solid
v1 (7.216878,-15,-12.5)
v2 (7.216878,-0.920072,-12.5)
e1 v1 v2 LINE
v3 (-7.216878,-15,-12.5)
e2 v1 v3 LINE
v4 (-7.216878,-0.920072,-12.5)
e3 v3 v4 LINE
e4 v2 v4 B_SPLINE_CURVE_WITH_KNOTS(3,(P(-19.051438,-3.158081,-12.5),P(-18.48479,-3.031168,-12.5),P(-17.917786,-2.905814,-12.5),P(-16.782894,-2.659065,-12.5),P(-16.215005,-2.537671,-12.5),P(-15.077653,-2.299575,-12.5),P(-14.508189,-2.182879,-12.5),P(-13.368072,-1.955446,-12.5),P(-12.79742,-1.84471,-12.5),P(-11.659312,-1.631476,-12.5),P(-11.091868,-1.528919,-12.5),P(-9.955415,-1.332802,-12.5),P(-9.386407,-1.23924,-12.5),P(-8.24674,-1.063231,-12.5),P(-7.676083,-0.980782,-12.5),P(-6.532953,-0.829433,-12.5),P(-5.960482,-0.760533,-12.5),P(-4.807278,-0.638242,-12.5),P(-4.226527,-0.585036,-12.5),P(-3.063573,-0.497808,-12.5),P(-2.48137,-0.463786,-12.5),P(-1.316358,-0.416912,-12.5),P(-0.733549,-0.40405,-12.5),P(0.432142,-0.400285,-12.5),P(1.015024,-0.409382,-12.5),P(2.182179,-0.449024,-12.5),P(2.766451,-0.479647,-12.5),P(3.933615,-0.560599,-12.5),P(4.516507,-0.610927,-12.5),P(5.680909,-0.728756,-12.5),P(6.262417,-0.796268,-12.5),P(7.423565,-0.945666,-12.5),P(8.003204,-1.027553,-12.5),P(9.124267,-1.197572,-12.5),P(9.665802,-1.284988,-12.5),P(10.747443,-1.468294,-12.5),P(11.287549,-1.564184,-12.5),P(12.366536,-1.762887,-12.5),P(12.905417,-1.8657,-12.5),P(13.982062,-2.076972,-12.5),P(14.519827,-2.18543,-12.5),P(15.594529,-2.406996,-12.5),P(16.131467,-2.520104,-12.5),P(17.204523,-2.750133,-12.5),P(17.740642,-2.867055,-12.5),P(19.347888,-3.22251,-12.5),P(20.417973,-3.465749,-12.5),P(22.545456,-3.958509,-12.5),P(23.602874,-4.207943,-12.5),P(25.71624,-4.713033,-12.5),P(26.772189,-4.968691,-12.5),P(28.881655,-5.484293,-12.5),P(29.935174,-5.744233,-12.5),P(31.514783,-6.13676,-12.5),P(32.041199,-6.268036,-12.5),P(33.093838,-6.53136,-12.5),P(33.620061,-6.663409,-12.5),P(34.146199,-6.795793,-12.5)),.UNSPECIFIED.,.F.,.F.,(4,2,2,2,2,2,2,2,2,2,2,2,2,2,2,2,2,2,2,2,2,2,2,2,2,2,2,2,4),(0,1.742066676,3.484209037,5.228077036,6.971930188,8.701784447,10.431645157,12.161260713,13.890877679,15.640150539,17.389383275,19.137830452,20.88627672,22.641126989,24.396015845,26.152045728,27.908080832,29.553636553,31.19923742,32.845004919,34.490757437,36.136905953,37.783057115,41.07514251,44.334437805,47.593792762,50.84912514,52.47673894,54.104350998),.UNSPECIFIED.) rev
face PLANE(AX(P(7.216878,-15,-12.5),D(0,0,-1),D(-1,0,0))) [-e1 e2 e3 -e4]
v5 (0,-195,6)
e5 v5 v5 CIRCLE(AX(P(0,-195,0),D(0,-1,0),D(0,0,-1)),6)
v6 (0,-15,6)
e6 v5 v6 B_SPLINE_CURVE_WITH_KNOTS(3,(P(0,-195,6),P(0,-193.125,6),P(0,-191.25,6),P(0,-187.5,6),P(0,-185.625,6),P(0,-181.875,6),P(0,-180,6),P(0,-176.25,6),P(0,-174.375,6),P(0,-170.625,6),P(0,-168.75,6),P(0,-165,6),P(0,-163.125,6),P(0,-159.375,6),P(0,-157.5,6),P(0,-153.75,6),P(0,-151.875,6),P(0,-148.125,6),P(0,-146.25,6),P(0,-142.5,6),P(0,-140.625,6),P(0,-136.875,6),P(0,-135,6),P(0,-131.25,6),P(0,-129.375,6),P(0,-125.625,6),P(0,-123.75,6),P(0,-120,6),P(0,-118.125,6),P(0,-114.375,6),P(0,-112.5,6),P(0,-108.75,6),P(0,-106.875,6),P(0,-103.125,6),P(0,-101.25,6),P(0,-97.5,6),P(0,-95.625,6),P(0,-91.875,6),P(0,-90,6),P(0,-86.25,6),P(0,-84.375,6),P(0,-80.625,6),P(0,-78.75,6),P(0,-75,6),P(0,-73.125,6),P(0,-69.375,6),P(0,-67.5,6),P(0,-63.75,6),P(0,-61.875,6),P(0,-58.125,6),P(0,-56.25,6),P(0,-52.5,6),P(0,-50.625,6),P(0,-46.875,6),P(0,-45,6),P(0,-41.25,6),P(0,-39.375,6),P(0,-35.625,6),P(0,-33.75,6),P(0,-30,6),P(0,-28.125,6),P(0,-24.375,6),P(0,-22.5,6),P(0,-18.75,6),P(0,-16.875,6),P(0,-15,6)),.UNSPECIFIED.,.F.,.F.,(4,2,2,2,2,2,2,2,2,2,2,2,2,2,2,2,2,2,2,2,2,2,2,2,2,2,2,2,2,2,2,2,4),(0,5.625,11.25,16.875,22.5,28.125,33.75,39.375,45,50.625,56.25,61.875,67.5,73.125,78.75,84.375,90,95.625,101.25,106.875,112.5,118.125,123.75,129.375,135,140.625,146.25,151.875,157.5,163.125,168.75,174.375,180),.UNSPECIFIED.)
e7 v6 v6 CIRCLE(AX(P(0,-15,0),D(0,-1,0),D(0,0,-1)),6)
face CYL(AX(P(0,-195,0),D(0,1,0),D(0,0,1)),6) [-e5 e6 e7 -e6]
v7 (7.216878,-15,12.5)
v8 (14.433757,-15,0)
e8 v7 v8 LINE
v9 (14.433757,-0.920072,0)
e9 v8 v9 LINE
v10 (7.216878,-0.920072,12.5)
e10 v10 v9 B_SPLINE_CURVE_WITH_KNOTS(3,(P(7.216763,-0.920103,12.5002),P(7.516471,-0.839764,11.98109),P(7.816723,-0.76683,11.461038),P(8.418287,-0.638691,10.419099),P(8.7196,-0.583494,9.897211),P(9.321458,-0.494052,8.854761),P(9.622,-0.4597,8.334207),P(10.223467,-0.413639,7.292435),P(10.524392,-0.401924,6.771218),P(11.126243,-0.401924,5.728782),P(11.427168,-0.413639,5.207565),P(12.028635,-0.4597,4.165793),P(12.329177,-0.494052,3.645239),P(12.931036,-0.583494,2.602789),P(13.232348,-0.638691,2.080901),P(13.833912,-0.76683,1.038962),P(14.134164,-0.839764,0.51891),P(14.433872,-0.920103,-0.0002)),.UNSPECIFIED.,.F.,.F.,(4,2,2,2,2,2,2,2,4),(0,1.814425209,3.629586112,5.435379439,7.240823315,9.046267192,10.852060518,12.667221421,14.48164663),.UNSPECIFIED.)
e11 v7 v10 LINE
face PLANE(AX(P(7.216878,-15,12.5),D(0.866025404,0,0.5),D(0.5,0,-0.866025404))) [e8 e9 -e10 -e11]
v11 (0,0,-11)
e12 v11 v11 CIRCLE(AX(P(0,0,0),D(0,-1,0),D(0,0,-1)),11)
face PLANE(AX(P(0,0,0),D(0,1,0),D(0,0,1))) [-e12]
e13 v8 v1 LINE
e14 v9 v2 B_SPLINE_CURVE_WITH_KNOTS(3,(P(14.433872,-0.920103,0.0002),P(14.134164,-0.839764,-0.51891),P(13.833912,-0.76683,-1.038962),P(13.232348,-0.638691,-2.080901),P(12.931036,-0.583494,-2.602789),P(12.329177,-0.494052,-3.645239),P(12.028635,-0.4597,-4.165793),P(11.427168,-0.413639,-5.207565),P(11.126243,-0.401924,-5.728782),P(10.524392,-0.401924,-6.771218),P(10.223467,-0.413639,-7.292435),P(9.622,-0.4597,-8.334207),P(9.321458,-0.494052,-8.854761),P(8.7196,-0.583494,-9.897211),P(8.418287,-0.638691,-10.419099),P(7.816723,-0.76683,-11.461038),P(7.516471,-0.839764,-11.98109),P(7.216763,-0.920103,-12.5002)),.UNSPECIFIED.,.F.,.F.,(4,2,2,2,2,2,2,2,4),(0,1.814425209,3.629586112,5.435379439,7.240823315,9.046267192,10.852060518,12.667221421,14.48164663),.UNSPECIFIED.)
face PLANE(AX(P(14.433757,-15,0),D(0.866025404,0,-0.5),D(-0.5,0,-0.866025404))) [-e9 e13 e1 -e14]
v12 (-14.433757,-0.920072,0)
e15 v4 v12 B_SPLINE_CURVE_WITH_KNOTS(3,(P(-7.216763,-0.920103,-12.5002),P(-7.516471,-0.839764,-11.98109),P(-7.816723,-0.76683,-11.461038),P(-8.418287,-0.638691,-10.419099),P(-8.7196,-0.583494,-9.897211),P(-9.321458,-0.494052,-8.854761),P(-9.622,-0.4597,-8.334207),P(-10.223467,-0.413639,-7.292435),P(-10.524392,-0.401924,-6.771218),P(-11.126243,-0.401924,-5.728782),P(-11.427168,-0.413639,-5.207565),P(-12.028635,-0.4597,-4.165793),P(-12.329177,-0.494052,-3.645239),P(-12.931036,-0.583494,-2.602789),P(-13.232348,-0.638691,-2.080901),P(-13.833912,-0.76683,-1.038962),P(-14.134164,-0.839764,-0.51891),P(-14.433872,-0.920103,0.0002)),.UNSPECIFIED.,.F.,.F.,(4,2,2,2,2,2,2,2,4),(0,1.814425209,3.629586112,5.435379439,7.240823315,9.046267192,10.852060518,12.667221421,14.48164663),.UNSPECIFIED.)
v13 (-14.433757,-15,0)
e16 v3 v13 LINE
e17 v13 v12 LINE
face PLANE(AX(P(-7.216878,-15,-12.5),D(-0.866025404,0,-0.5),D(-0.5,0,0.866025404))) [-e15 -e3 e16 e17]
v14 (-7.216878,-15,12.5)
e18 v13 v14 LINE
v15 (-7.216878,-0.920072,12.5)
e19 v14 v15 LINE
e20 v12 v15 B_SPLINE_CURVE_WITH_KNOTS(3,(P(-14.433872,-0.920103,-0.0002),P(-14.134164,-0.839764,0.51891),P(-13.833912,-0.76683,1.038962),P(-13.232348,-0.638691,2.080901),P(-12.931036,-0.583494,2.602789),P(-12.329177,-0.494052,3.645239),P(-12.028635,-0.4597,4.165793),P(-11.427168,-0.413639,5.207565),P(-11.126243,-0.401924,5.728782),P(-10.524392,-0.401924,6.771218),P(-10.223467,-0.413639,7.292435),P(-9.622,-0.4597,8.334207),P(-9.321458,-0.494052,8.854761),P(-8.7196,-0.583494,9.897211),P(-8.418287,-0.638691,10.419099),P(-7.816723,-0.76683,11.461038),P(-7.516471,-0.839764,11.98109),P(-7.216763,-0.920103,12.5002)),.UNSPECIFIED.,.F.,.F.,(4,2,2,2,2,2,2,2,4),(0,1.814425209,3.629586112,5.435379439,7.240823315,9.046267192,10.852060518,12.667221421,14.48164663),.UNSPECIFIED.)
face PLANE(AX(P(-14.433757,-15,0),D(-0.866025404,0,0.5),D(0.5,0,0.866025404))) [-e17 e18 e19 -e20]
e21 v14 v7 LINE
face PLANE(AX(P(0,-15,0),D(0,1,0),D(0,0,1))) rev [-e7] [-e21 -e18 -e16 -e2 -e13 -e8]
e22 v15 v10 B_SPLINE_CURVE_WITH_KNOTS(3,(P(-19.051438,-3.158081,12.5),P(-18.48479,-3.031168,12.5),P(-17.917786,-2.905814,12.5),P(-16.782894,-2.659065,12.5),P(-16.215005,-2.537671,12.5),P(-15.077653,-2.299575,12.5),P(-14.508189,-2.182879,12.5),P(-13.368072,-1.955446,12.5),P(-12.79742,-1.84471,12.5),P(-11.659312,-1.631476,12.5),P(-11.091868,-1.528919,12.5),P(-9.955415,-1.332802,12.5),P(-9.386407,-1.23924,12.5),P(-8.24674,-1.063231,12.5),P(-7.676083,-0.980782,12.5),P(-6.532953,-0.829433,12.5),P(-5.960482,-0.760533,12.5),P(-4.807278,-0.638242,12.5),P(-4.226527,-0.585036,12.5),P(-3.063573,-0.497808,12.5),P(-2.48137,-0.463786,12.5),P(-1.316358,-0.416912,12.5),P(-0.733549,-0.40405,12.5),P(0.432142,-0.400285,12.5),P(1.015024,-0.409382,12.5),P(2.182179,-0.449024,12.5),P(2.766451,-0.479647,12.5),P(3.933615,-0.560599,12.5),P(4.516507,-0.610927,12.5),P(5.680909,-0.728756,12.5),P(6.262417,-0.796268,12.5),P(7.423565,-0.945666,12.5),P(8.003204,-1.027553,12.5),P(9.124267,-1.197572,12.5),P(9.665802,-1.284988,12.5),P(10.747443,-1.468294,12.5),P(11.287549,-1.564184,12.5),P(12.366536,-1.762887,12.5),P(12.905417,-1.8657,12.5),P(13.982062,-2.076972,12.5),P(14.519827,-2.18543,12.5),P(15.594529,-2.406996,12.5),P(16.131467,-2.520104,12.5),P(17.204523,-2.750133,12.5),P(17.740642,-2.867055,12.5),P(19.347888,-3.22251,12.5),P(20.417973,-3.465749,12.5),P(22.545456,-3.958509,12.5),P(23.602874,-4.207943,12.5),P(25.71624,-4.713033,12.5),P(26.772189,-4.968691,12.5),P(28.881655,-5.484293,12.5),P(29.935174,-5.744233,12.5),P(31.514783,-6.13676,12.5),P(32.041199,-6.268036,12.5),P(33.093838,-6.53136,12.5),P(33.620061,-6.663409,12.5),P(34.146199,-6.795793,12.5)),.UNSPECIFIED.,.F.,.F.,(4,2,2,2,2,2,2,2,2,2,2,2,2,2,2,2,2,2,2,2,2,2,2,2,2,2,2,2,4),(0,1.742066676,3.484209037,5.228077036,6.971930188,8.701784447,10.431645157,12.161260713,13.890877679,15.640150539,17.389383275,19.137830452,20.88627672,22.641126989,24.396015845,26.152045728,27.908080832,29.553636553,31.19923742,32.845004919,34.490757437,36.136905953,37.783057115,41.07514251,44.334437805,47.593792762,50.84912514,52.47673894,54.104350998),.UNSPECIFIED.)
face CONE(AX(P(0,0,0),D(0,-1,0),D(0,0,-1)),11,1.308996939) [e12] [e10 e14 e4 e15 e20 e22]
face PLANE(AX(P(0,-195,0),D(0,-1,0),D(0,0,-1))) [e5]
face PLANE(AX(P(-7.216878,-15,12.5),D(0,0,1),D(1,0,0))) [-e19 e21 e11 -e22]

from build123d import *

# Parameters (mm, degrees)
EXTRUDE_1_DEPTH = 15
SKETCH_2_R      = 6
EXTRUDE_2_DEPTH = 180


with BuildPart() as part:
    # 草图1 → 凸台-拉伸1 (new body)
    with BuildSketch(Plane(origin=(0, 0, 0), x_dir=(1, 0, 0), z_dir=(0, 1, 0))):
        Polygon((-7.216878365, 12.5), (-14.43375673, 0), (-7.216878365, -12.5), (7.216878365, -12.5), (14.43375673, 0), (7.216878365, 12.5), align=None)
    extrude(amount=-EXTRUDE_1_DEPTH)

    # 草图2 → 凸台-拉伸2 (add)
    with BuildSketch(Plane.XZ.offset(15)):
        with Locations(Location((0, 0, 0), (0, 0, 90))):
            Circle(SKETCH_2_R)
    extrude(amount=EXTRUDE_2_DEPTH)

    # 草图9 → 切除-旋转1 (revolve, cut)
    with BuildSketch(Plane.XY, mode=Mode.PRIVATE) as cut_revolve_1_sk:
        Polygon((11, 0), (14.43375673, -0.920072343), (14.43375673, 0), align=None)
    revolve(cut_revolve_1_sk.sketch.rotate(Axis((0, -195, 0), (0, 1, 0)), 90), axis=Axis((0, -195, 0), (0, 1, 0)), mode=Mode.SUBTRACT)


solid = part.part
